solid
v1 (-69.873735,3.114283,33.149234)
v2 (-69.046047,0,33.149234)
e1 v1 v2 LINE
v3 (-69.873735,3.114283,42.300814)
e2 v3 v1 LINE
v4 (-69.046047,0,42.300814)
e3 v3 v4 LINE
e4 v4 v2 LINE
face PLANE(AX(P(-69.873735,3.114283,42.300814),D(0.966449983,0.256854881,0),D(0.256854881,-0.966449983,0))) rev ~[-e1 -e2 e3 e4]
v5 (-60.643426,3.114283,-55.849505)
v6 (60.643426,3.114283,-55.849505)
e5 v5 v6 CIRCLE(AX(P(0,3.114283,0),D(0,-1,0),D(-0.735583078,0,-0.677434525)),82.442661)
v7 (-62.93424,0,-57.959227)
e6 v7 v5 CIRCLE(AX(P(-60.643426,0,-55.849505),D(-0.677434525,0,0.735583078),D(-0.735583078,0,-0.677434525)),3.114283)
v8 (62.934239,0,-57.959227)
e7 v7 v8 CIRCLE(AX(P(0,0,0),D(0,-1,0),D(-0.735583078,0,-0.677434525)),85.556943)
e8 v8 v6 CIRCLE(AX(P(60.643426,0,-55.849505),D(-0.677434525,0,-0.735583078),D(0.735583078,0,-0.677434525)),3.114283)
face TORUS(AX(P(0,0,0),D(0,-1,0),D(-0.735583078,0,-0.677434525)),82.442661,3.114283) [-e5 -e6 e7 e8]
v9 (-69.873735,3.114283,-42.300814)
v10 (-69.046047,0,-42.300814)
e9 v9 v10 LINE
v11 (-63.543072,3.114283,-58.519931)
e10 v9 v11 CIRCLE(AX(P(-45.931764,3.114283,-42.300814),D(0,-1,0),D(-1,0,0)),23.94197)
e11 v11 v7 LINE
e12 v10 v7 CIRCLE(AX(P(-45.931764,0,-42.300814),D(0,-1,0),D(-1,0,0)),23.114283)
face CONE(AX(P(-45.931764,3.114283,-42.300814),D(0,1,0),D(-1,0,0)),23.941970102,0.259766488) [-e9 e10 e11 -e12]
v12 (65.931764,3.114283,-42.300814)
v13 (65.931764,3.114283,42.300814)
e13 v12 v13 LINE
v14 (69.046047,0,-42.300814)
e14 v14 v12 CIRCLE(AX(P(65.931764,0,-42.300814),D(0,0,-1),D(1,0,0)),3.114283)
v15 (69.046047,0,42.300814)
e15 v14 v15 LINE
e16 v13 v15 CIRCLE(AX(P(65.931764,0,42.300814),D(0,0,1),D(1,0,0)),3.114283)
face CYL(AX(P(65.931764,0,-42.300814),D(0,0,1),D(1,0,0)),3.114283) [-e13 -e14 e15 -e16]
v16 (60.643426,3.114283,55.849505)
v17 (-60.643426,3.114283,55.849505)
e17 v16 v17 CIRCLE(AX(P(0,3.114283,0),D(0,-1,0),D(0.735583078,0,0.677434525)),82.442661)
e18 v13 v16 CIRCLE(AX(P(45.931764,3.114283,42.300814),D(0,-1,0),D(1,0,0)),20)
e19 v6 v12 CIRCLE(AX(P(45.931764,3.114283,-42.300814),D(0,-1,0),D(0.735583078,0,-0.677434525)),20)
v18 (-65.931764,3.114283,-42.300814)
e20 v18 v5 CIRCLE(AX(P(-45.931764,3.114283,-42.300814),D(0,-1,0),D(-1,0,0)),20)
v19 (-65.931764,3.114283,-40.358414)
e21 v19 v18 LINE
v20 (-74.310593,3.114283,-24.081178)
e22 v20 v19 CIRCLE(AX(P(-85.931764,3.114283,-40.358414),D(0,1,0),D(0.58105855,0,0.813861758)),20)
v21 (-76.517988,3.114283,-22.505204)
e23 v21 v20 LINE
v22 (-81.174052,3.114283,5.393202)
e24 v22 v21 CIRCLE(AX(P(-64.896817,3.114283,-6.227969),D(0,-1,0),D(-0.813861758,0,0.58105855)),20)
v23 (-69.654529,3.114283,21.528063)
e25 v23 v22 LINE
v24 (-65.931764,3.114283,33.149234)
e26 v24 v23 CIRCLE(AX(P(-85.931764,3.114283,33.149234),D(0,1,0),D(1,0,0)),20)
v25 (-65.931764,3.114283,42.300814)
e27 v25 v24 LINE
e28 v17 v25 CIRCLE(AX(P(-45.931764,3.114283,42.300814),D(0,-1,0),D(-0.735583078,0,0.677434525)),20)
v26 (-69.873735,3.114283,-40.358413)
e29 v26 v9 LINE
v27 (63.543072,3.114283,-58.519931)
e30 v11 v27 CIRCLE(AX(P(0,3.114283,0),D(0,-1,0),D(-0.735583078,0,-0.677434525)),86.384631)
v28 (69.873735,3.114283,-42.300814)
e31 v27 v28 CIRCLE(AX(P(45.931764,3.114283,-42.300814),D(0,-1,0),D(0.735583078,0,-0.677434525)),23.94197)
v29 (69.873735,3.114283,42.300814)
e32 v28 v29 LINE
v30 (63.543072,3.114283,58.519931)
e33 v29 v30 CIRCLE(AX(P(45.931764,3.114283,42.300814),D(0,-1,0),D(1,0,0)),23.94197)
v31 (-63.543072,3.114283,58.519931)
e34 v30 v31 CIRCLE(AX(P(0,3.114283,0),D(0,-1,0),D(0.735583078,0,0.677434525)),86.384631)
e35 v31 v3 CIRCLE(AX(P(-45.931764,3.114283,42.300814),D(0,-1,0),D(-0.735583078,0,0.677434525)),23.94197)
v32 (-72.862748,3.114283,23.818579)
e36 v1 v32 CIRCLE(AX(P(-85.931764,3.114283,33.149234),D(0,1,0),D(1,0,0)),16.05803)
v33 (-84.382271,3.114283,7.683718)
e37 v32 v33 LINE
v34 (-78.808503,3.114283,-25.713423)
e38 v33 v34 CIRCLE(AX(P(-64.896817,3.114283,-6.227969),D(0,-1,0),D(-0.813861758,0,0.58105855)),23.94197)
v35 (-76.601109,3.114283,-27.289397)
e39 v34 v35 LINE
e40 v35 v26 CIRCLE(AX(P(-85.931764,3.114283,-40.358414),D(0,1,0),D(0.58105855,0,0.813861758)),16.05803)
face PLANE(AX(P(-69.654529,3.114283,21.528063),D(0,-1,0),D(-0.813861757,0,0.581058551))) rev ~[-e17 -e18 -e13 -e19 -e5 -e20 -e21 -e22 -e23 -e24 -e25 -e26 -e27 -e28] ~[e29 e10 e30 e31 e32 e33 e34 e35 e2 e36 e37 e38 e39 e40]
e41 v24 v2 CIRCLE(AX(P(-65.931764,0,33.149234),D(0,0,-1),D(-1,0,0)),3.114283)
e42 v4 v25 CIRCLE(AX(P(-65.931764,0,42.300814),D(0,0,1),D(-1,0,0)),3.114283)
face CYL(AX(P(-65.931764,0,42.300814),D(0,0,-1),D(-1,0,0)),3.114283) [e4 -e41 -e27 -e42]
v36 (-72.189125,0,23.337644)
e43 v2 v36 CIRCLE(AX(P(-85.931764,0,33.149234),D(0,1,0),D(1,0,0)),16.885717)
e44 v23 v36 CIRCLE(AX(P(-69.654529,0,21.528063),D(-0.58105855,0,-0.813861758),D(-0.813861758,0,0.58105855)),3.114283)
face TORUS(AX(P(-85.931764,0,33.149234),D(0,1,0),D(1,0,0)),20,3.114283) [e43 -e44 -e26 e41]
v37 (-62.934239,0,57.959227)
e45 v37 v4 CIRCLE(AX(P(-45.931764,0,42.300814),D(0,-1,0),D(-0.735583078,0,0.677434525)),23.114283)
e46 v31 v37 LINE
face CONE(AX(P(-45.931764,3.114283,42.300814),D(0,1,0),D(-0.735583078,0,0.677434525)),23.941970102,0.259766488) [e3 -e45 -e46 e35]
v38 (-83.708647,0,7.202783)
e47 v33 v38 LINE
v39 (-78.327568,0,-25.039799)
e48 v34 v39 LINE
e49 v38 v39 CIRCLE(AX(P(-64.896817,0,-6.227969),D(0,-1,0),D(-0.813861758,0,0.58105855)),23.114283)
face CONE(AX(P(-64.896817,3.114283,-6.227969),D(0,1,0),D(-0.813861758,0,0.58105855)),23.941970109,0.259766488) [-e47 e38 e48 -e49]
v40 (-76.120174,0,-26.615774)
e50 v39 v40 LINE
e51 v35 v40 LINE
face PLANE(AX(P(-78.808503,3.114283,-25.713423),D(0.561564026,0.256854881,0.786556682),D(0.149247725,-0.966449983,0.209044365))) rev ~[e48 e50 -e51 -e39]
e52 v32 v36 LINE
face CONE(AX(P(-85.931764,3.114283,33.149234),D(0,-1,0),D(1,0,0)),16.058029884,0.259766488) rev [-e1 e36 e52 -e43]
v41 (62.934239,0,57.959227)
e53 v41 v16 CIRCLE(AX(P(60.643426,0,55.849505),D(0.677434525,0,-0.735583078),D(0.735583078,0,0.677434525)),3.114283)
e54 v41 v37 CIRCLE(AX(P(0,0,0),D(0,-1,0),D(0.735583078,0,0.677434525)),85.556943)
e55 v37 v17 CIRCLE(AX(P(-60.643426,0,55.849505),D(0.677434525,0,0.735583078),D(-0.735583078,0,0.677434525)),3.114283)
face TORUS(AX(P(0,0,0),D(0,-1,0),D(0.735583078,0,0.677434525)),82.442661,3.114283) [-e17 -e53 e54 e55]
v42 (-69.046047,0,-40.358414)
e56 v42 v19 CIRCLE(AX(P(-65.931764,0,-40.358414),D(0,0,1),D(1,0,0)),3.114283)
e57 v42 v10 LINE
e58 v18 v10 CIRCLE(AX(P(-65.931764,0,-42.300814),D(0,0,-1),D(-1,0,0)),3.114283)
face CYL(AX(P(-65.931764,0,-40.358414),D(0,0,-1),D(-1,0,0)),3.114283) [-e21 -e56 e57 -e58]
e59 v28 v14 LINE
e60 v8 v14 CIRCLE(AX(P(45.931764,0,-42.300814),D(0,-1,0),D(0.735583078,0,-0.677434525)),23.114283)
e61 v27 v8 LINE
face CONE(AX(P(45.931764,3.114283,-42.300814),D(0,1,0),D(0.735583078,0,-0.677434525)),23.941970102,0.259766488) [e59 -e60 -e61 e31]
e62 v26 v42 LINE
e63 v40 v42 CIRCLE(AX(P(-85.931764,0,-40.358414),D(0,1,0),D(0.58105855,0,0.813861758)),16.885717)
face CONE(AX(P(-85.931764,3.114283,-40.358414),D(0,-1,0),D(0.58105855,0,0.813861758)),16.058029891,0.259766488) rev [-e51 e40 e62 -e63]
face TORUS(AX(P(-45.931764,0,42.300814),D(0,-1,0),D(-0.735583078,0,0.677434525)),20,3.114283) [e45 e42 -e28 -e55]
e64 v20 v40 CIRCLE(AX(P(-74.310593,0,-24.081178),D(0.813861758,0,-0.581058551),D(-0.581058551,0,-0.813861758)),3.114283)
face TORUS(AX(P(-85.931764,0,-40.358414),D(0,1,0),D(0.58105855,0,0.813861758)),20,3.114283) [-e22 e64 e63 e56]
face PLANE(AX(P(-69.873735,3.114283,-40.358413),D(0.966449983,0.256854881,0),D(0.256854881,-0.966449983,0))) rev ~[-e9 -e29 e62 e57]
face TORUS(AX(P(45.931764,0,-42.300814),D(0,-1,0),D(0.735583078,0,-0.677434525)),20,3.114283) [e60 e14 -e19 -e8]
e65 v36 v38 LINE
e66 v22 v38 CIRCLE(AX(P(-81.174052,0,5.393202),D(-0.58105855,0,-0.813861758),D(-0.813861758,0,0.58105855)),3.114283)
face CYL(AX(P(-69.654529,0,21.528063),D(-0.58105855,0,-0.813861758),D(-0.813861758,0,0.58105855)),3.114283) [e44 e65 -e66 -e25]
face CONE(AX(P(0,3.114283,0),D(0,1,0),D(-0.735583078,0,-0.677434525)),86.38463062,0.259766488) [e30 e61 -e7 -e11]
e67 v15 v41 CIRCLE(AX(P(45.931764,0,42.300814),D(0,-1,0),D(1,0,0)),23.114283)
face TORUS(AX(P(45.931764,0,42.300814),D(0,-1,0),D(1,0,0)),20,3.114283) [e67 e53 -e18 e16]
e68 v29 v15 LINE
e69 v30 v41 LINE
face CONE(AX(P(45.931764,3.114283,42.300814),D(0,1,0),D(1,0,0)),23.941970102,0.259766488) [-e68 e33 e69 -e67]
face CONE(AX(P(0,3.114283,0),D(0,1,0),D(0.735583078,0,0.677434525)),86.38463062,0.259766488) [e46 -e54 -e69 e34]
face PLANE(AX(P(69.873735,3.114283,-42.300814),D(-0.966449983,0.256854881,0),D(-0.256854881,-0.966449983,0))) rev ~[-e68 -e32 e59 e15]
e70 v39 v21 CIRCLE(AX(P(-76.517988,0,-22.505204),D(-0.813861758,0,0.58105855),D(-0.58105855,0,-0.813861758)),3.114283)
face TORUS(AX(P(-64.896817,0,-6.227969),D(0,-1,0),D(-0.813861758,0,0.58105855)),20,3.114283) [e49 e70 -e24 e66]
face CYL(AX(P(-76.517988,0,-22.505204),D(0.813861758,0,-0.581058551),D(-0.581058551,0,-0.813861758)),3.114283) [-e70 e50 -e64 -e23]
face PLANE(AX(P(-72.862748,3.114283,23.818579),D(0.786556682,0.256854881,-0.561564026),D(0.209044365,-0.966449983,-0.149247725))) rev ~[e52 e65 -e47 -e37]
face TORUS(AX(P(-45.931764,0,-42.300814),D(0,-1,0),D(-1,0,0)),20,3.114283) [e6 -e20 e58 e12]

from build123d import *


with BuildPart() as part:
    # Austragung1: sweep along a path in Skizze1
    with BuildLine(Plane(origin=(0, 0, 0), x_dir=(1, 0, 0), z_dir=(0, 1, 0))) as austragung1_path:
        Line((-69.654529262, -21.528063223), (-81.174051866, -5.393202266))
        ThreePointArc((-81.174051866, -5.393202266), (-84.623968891, 9.520303277), (-76.517987713, 22.5052039))
        Line((-76.517987713, 22.5052039), (-74.310593415, 24.081178344))
        ThreePointArc((-74.310593415, 24.081178344), (-68.149421773, 31.204819131), (-65.931764421, 40.358413503))
        Line((-65.931764421, 40.358413503), (-65.931764421, 42.300814045))
        ThreePointArc((-65.931764421, 42.300814045), (-64.562830296, 49.572910331), (-60.643425983, 55.849504539))
        ThreePointArc((-60.643425983, 55.849504539), (0, 82.442660512), (60.643425983, 55.849504539))
        ThreePointArc((60.643425983, 55.849504539), (64.562830296, 49.572910331), (65.931764421, 42.300814045))
        Line((65.931764421, 42.300814045), (65.931764421, -42.300814045))
        ThreePointArc((65.931764421, -42.300814045), (64.562830296, -49.572910331), (60.643425983, -55.849504539))
        ThreePointArc((60.643425983, -55.849504539), (0, -82.442660512), (-60.643425983, -55.849504539))
        ThreePointArc((-60.643425983, -55.849504539), (-64.562830296, -49.572910331), (-65.931764421, -42.300814045))
        Line((-65.931764421, -42.300814045), (-65.931764421, -33.149234229))
        ThreePointArc((-65.931764421, -33.149234229), (-66.885180696, -27.04778781), (-69.654529262, -21.528063223))
    # Skizze2 → Austragung1 (sweep)
    with BuildSketch(Plane(origin=(0, 0, 0), x_dir=(0, 0, -1), z_dir=(1, 0, 0))):
        with BuildLine():
            Line((-82.442660512, 3.114282512), (-86.384630622, 3.114282512))
            Line((-86.384630622, 3.114282512), (-85.556943024, 0))
            ThreePointArc((-85.556943024, 0), (-80.240530229, -2.202130283), (-82.442660512, 3.114282512))
        make_face()
    sweep(path=austragung1_path.line)


solid = part.part
